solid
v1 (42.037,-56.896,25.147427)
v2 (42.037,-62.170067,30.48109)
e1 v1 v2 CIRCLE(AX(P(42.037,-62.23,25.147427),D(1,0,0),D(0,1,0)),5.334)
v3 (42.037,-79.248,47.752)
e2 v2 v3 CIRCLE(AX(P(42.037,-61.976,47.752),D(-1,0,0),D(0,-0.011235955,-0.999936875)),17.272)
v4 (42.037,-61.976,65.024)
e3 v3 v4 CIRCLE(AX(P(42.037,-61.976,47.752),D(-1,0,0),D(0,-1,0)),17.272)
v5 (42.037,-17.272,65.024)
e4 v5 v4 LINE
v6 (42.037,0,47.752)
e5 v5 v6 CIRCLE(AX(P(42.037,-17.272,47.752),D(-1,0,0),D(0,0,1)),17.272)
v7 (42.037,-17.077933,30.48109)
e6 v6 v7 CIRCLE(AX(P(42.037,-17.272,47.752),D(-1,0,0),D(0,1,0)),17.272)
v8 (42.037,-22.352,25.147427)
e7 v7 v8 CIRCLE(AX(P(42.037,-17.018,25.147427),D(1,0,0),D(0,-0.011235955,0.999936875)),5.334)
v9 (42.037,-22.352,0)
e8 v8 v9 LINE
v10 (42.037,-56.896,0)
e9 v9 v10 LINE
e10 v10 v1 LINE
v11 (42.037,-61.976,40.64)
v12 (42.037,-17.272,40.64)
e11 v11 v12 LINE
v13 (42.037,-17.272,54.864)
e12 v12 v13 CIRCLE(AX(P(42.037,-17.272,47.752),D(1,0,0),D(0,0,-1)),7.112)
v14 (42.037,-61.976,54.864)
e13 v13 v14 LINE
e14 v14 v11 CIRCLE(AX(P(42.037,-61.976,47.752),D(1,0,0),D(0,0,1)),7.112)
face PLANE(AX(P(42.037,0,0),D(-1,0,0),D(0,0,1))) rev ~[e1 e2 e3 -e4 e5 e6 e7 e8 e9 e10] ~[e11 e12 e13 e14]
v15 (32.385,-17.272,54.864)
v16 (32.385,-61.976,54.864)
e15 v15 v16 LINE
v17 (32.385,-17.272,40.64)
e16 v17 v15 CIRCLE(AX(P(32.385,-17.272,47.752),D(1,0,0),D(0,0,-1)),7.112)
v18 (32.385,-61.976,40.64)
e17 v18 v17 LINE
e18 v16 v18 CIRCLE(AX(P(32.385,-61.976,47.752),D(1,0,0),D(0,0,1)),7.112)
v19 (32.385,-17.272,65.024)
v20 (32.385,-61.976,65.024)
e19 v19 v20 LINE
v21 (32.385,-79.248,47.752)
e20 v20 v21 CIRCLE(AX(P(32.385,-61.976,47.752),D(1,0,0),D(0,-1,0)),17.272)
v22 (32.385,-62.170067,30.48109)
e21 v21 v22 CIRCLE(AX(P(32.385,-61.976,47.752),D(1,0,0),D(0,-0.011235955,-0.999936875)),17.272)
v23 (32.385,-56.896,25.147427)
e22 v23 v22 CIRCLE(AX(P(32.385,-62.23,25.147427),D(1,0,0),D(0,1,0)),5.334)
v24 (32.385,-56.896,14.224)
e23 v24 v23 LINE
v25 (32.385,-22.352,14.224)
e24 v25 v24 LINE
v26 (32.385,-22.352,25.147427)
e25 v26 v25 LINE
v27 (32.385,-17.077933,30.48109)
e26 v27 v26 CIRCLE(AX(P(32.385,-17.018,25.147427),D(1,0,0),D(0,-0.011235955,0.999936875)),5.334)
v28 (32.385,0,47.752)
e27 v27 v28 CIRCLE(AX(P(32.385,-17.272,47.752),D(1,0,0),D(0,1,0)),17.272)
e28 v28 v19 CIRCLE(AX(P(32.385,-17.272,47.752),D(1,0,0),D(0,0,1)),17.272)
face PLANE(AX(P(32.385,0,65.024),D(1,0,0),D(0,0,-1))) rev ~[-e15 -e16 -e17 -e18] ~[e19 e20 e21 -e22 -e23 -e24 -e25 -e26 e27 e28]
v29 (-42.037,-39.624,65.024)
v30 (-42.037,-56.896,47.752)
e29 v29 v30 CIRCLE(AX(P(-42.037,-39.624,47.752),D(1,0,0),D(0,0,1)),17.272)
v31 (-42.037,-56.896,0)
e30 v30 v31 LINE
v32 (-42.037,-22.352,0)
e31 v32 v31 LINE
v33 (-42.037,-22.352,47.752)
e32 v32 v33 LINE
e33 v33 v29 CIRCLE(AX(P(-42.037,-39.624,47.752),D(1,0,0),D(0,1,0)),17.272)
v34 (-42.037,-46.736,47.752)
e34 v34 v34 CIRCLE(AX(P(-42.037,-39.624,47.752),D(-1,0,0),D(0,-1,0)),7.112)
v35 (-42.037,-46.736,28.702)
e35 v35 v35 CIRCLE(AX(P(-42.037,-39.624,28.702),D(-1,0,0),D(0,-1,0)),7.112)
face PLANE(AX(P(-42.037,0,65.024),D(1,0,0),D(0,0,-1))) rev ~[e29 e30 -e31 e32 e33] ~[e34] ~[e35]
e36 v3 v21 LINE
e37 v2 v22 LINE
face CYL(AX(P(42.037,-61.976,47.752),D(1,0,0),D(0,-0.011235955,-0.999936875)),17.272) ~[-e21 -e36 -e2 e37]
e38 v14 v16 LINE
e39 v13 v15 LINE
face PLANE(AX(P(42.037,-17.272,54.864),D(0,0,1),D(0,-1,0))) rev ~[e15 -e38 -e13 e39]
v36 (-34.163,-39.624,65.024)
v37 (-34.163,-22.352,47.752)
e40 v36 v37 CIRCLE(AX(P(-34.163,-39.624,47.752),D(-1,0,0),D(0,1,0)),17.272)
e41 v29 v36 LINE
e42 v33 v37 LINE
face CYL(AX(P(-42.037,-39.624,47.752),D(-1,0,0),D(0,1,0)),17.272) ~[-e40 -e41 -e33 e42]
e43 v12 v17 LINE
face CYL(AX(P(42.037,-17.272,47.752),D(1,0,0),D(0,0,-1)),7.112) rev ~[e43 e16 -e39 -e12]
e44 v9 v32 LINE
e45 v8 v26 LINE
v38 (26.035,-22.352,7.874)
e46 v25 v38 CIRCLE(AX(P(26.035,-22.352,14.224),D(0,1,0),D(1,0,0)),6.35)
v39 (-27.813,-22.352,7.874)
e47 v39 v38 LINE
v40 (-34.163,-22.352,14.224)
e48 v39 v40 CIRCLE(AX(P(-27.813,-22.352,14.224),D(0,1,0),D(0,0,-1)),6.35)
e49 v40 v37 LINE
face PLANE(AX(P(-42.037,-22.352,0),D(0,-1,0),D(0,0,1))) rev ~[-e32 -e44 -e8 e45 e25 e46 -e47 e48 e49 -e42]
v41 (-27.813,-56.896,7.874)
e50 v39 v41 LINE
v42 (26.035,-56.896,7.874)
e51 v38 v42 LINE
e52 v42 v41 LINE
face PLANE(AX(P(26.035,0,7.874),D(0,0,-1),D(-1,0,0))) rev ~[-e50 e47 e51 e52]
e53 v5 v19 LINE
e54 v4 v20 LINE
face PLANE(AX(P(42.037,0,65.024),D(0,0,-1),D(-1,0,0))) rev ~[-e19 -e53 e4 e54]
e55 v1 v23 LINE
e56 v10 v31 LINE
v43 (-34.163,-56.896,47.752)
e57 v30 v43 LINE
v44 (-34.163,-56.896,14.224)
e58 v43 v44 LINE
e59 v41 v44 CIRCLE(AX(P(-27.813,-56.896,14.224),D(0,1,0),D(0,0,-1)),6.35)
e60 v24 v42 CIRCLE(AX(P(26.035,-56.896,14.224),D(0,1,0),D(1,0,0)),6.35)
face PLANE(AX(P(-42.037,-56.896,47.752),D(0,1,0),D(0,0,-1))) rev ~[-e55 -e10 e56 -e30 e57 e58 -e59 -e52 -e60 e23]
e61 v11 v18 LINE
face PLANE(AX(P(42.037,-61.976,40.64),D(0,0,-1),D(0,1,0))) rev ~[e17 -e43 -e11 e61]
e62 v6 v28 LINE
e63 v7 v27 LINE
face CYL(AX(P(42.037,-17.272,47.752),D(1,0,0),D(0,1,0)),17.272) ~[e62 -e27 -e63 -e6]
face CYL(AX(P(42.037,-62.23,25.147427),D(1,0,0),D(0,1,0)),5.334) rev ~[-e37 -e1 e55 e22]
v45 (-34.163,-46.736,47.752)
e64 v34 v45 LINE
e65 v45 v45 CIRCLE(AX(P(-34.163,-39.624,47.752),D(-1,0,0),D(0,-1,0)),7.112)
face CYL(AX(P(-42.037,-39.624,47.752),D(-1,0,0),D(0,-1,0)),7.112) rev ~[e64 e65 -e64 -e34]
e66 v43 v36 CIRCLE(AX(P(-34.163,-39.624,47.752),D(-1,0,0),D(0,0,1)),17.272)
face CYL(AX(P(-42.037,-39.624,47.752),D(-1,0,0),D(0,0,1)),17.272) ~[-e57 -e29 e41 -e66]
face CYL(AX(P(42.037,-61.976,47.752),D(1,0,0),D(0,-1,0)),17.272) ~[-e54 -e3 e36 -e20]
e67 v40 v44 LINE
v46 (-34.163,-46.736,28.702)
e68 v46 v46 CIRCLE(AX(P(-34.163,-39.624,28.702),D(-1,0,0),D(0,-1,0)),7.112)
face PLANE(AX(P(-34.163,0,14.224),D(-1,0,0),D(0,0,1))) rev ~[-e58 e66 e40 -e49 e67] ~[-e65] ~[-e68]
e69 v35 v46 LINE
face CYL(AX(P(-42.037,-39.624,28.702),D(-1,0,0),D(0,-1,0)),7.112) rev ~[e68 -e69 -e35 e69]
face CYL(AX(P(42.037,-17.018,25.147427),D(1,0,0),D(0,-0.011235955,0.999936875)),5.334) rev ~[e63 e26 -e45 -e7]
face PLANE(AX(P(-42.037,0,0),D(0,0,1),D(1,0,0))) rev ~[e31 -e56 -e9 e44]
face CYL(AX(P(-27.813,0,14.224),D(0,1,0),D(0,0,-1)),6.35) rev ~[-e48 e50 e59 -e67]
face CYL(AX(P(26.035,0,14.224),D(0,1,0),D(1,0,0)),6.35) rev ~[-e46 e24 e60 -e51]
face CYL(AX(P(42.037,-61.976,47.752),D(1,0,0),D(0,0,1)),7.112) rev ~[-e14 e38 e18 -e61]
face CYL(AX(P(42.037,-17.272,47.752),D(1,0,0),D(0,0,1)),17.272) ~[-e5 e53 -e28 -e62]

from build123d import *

# Parameters (mm, degrees)
F1_DEPTH = 79.248
F3_DEPTH = 67.31
F4_R     = 7.112
F5_DEPTH = 18.796


with BuildPart() as f1:
    # F0 (on Front) → F1 (new body)
    with BuildSketch(Plane.XZ):
        with BuildLine():
            Line((-42.037, 65.024), (-42.037, 0))
            Line((-42.037, 0), (42.037, 0))
            Line((42.037, 0), (42.037, 65.024))
            Line((42.037, 65.024), (32.385, 65.024))
            Line((32.385, 65.024), (32.385, 14.224))
            ThreePointArc((32.385, 14.224), (30.5251280605, 9.7338719395), (26.035, 7.874))
            Line((26.035, 7.874), (-27.813, 7.874))
            ThreePointArc((-27.813, 7.874), (-32.3031280605, 9.7338719395), (-34.163, 14.224))
            Line((-34.163, 14.224), (-34.163, 65.024))
            Line((-34.163, 65.024), (-42.037, 65.024))
        make_face()
    extrude(amount=F1_DEPTH)

    # F2 (on face) → F3 (cut)
    with BuildSketch(Plane.YZ.offset(42.037)):
        with BuildLine():
            ThreePointArc((-62.1700674157, 30.4810903008), (-74.257569859, 35.6076586923), (-79.248, 47.752))
            Line((-79.248, 47.752), (-79.248, 0))
            Line((-79.248, 0), (-56.896, 0))
            Line((-56.896, 0), (-56.896, 25.1474270113))
            ThreePointArc((-56.896, 25.1474270113), (-58.4371622494, 28.8978853564), (-62.1700674157, 30.4810903008))
        make_face()
        with BuildLine():
            Line((-39.624, 54.864), (-61.976, 54.864))
            ThreePointArc((-61.976, 54.864), (-69.088, 47.752), (-61.976, 40.64))
            Line((-61.976, 40.64), (-39.624, 40.64))
            Line((-39.624, 40.64), (-17.272, 40.64))
            ThreePointArc((-17.272, 40.64), (-10.16, 47.752), (-17.272, 54.864))
            Line((-17.272, 54.864), (-39.624, 54.864))
        make_face()
        with BuildLine():
            Line((0, 0), (0, 47.752))
            ThreePointArc((0, 47.752), (-4.990430141, 35.6076586923), (-17.0779325843, 30.4810903008))
            ThreePointArc((-17.0779325843, 30.4810903008), (-20.8108377506, 28.8978853564), (-22.352, 25.1474270113))
            Line((-22.352, 25.1474270113), (-22.352, 0))
            Line((-22.352, 0), (0, 0))
        make_face()
        with BuildLine():
            Line((0, 65.024), (-17.272, 65.024))
            ThreePointArc((-17.272, 65.024), (-5.0588516753, 59.9651483247), (0, 47.752))
            Line((0, 47.752), (0, 65.024))
        make_face()
        with BuildLine():
            ThreePointArc((-79.248, 47.752), (-74.1891483247, 59.9651483247), (-61.976, 65.024))
            Line((-61.976, 65.024), (-79.248, 65.024))
            Line((-79.248, 65.024), (-79.248, 47.752))
        make_face()
    extrude(amount=-F3_DEPTH, mode=Mode.SUBTRACT)

    # F4 (on face) + F1_face (on face) → F5 (cut)
    with BuildSketch(Plane(origin=(-42.037, 0, 0), x_dir=(0, -1, 0), z_dir=(-1, 0, 0))):
        with BuildLine():
            ThreePointArc((22.352, 47.752), (27.4108516753, 59.9651483247), (39.624, 65.024))
            Line((39.624, 65.024), (0, 65.024))
            Line((0, 65.024), (0, 0))
            Line((0, 0), (22.352, 0))
            Line((22.352, 0), (22.352, 47.752))
        make_face()
        with BuildLine():
            ThreePointArc((39.624, 65.024), (51.8371483247, 59.9651483247), (56.896, 47.752))
            Line((56.896, 47.752), (56.896, 0))
            Line((56.896, 0), (79.248, 0))
            Line((79.248, 0), (79.248, 65.024))
            Line((79.248, 65.024), (39.624, 65.024))
        make_face()
        with Locations((39.624, 47.752)):
            Circle(F4_R)
        with Locations((39.624, 28.702)):
            Circle(F4_R)
    with BuildSketch(Plane(origin=(42.037, -39.624, 32.512), x_dir=(0, 1, 0), z_dir=(1, 0, 0))):
        with BuildLine():
            Line((17.272, -32.512), (17.272, -7.3645729887))
            ThreePointArc((17.272, -7.3645729887), (18.8131622494, -3.6141146436), (22.5460674157, -2.0309096992))
            ThreePointArc((22.5460674157, -2.0309096992), (39.6237274227, 15.3370352392), (22.352, 32.512))
            Line((22.352, 32.512), (-22.352, 32.512))
            ThreePointArc((-22.352, 32.512), (-39.6237274227, 15.3370352392), (-22.5460674157, -2.0309096992))
            ThreePointArc((-22.5460674157, -2.0309096992), (-18.8131622494, -3.6141146436), (-17.272, -7.3645729887))
            Line((-17.272, -7.3645729887), (-17.272, -32.512))
            Line((-17.272, -32.512), (17.272, -32.512))
        make_face()
        with BuildLine():
            ThreePointArc((22.352, 22.352), (29.464, 15.24), (22.352, 8.128))
            Line((22.352, 8.128), (-22.352, 8.128))
            ThreePointArc((-22.352, 8.128), (-29.464, 15.24), (-22.352, 22.352))
            Line((-22.352, 22.352), (22.352, 22.352))
        make_face(mode=Mode.SUBTRACT)
    extrude(amount=-F5_DEPTH, dir=(-1, 0, 0), mode=Mode.SUBTRACT)


solid = f1.part
